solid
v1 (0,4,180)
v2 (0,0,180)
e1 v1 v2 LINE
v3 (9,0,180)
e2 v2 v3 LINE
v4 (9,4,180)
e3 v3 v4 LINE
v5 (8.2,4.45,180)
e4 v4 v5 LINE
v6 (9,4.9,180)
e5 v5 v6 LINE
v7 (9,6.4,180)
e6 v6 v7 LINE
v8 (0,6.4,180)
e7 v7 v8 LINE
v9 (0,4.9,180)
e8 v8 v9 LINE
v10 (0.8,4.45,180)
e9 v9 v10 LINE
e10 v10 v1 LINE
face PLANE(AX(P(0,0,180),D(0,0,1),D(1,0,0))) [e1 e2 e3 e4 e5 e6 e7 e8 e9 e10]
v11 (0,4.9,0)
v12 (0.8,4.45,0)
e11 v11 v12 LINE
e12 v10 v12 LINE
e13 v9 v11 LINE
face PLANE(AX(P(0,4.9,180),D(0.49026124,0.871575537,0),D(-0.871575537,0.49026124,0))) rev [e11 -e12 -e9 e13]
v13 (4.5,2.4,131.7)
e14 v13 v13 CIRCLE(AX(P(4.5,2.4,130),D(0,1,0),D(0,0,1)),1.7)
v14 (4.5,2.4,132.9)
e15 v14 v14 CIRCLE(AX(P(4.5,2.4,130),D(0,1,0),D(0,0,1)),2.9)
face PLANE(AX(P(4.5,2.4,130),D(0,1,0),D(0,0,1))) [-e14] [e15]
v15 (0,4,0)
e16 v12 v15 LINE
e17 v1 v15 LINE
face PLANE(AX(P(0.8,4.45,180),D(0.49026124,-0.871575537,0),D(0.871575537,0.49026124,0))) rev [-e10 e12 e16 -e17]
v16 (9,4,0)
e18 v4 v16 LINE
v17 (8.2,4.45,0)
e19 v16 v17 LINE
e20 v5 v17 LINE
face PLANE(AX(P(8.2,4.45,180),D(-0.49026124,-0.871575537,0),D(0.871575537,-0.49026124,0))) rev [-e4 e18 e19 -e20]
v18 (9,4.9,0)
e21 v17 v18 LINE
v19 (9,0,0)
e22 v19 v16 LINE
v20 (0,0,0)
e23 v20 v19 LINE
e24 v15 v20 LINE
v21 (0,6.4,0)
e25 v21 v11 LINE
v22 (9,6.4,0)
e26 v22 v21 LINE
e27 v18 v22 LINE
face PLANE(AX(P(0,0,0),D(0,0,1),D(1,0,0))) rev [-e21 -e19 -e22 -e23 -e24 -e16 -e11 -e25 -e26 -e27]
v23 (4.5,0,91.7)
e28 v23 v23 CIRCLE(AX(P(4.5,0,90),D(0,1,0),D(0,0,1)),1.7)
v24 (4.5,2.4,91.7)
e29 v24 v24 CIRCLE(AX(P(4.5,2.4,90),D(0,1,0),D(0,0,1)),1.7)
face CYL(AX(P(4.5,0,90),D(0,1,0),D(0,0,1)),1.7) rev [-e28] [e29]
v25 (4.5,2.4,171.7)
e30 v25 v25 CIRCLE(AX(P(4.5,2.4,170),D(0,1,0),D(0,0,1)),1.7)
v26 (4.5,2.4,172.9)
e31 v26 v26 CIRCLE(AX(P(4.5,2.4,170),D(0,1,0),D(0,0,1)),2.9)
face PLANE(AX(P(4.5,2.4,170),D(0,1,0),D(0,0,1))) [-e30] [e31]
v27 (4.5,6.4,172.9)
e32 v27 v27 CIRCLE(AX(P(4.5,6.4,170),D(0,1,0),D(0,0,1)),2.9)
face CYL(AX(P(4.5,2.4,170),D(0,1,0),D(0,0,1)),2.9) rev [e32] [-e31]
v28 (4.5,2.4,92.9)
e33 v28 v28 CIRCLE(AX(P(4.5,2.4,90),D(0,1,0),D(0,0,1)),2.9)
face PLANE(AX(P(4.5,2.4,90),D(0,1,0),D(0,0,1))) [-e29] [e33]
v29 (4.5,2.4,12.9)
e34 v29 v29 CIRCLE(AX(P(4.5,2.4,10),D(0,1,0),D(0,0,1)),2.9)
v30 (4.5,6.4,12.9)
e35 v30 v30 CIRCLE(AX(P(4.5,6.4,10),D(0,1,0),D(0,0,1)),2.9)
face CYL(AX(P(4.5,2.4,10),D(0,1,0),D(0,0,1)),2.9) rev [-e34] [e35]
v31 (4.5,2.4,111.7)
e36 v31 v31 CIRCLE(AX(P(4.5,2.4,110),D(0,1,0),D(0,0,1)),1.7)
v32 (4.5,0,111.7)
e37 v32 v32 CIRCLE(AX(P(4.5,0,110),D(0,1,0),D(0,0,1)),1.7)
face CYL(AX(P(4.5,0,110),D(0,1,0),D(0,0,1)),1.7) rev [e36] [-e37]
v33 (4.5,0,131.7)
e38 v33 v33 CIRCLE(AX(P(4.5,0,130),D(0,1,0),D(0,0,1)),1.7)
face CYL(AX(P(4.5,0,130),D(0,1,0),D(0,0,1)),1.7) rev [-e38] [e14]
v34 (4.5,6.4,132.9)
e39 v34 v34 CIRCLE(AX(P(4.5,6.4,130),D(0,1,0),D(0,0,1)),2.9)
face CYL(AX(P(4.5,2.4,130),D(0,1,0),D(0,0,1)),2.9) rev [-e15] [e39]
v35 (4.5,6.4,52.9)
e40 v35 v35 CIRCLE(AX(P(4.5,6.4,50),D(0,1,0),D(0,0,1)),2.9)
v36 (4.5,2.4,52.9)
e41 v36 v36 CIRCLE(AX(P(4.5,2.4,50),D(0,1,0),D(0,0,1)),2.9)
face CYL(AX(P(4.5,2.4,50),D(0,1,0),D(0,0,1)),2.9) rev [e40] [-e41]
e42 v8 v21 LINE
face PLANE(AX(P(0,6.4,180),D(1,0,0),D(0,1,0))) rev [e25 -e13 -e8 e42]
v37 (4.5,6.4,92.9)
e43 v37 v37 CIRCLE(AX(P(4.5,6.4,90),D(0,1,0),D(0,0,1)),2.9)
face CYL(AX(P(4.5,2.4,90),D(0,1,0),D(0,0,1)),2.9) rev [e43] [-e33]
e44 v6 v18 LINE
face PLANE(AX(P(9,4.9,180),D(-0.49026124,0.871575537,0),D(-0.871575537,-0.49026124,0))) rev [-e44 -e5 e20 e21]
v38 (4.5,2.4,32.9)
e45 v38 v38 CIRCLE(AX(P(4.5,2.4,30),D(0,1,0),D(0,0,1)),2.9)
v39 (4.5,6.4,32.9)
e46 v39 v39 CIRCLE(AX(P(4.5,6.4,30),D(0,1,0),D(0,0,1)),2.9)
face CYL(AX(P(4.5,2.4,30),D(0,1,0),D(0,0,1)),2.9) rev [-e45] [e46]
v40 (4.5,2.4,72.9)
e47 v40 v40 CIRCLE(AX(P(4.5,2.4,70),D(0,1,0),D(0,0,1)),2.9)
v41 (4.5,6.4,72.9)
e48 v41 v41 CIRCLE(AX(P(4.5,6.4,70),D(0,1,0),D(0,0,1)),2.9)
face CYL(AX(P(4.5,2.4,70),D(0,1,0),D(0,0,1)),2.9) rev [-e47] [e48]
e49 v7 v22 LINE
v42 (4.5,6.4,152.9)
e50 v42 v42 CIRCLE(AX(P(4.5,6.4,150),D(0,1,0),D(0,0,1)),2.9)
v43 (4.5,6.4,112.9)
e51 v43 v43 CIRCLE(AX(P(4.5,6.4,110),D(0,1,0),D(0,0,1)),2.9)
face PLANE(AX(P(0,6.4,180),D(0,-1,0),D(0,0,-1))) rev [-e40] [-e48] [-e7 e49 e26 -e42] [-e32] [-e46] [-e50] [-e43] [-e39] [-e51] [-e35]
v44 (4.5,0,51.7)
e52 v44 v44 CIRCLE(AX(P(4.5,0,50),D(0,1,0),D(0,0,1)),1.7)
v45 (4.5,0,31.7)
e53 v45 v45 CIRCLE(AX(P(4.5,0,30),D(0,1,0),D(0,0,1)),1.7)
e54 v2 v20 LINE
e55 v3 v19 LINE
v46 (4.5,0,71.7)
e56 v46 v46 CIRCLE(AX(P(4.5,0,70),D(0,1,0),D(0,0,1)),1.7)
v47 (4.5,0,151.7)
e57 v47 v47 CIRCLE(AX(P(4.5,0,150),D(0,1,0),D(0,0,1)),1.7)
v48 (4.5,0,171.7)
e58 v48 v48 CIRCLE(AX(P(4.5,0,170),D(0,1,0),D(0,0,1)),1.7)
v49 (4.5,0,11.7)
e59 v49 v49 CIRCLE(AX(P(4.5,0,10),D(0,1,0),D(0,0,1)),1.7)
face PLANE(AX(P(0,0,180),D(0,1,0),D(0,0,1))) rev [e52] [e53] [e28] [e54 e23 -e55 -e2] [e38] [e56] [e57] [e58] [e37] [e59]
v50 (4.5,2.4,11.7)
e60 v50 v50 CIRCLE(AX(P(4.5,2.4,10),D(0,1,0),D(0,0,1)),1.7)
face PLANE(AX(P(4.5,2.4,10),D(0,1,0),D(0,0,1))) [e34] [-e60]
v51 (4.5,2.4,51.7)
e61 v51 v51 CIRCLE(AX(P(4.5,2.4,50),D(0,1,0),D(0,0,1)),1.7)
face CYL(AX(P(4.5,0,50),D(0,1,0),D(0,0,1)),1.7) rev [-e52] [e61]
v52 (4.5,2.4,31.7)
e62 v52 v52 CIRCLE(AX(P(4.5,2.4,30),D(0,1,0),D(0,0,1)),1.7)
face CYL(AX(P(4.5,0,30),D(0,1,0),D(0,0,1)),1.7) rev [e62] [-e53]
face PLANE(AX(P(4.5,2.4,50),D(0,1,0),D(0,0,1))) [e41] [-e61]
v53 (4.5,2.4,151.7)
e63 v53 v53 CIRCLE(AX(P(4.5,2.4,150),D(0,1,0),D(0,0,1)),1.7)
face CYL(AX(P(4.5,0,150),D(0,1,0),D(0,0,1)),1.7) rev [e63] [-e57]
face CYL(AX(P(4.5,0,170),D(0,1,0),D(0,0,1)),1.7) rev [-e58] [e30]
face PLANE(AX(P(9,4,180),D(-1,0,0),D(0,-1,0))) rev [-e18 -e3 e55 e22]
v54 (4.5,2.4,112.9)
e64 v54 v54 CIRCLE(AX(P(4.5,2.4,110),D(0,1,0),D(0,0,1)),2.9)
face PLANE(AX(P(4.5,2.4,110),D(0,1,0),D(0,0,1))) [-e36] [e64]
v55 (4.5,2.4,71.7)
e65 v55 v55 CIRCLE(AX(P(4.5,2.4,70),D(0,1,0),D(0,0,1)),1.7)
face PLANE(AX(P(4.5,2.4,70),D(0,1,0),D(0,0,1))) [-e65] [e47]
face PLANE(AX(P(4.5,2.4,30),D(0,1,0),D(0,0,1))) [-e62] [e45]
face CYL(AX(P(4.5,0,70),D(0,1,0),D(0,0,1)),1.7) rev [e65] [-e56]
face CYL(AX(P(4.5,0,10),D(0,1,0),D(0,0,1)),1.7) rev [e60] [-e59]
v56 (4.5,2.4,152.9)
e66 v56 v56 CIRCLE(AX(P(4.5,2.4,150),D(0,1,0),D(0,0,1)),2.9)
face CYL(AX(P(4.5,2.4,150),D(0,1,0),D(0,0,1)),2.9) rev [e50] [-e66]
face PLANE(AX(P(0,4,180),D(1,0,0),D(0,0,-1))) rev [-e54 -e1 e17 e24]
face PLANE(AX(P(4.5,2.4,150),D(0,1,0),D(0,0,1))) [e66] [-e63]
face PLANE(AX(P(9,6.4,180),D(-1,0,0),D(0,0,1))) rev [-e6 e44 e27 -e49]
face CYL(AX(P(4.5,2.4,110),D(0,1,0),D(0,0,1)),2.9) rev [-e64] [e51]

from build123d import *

# Parameters (mm, degrees)
BOSS_EXTRUDE1_DEPTH = 180
SKETCH2_R           = 2.9
CUT_EXTRUDE1_DEPTH  = 4
SKETCH3_R           = 1.7
CUT_EXTRUDE2_DEPTH  = 181.269243078


with BuildPart() as part:
    # Sketch1 → Boss-Extrude1 (new body)
    with BuildSketch(Plane.XY):
        Polygon((9, 6.4), (9, 4.9), (8.2, 4.45), (9, 4), (9, 0), (0, 0), (0, 4), (0.8, 4.45), (0, 4.9), (0, 6.4), align=None)
    extrude(amount=BOSS_EXTRUDE1_DEPTH)

    # Sketch2 → Cut-Extrude1 (cut)
    with BuildSketch(Plane(origin=(0, 6.4, 0), x_dir=(1, 0, 0), z_dir=(0, 1, 0))):
        with Locations(Location((4.5, -170, 0), (0, 0, 270))):
            Circle(SKETCH2_R)
        with Locations(Location((4.5, -150, 0), (0, 0, 270))):
            Circle(SKETCH2_R)
        with Locations(Location((4.5, -130, 0), (0, 0, 270))):
            Circle(SKETCH2_R)
        with Locations(Location((4.5, -110, 0), (0, 0, 270))):
            Circle(SKETCH2_R)
        with Locations(Location((4.5, -90, 0), (0, 0, 270))):
            Circle(SKETCH2_R)
        with Locations(Location((4.5, -70, 0), (0, 0, 270))):
            Circle(SKETCH2_R)
        with Locations(Location((4.5, -50, 0), (0, 0, 270))):
            Circle(SKETCH2_R)
        with Locations(Location((4.5, -30, 0), (0, 0, 270))):
            Circle(SKETCH2_R)
        with Locations(Location((4.5, -10, 0), (0, 0, 270))):
            Circle(SKETCH2_R)
    extrude(amount=-CUT_EXTRUDE1_DEPTH, mode=Mode.SUBTRACT)

    # Sketch3 → Cut-Extrude2 (cut, through all)
    with BuildSketch(Plane(origin=(0, 2.4, 0), x_dir=(1, 0, 0), z_dir=(0, 1, 0))):
        with Locations(Location((4.5, -170, 0), (0, 0, 270))):
            Circle(SKETCH3_R)
        with Locations(Location((4.5, -150, 0), (0, 0, 270))):
            Circle(SKETCH3_R)
        with Locations(Location((4.5, -130, 0), (0, 0, 270))):
            Circle(SKETCH3_R)
        with Locations(Location((4.5, -110, 0), (0, 0, 270))):
            Circle(SKETCH3_R)
        with Locations(Location((4.5, -90, 0), (0, 0, 270))):
            Circle(SKETCH3_R)
        with Locations(Location((4.5, -70, 0), (0, 0, 270))):
            Circle(SKETCH3_R)
        with Locations(Location((4.5, -50, 0), (0, 0, 270))):
            Circle(SKETCH3_R)
        with Locations(Location((4.5, -30, 0), (0, 0, 270))):
            Circle(SKETCH3_R)
        with Locations(Location((4.5, -10, 0), (0, 0, 270))):
            Circle(SKETCH3_R)
    extrude(amount=-CUT_EXTRUDE2_DEPTH, mode=Mode.SUBTRACT)


solid = part.part
